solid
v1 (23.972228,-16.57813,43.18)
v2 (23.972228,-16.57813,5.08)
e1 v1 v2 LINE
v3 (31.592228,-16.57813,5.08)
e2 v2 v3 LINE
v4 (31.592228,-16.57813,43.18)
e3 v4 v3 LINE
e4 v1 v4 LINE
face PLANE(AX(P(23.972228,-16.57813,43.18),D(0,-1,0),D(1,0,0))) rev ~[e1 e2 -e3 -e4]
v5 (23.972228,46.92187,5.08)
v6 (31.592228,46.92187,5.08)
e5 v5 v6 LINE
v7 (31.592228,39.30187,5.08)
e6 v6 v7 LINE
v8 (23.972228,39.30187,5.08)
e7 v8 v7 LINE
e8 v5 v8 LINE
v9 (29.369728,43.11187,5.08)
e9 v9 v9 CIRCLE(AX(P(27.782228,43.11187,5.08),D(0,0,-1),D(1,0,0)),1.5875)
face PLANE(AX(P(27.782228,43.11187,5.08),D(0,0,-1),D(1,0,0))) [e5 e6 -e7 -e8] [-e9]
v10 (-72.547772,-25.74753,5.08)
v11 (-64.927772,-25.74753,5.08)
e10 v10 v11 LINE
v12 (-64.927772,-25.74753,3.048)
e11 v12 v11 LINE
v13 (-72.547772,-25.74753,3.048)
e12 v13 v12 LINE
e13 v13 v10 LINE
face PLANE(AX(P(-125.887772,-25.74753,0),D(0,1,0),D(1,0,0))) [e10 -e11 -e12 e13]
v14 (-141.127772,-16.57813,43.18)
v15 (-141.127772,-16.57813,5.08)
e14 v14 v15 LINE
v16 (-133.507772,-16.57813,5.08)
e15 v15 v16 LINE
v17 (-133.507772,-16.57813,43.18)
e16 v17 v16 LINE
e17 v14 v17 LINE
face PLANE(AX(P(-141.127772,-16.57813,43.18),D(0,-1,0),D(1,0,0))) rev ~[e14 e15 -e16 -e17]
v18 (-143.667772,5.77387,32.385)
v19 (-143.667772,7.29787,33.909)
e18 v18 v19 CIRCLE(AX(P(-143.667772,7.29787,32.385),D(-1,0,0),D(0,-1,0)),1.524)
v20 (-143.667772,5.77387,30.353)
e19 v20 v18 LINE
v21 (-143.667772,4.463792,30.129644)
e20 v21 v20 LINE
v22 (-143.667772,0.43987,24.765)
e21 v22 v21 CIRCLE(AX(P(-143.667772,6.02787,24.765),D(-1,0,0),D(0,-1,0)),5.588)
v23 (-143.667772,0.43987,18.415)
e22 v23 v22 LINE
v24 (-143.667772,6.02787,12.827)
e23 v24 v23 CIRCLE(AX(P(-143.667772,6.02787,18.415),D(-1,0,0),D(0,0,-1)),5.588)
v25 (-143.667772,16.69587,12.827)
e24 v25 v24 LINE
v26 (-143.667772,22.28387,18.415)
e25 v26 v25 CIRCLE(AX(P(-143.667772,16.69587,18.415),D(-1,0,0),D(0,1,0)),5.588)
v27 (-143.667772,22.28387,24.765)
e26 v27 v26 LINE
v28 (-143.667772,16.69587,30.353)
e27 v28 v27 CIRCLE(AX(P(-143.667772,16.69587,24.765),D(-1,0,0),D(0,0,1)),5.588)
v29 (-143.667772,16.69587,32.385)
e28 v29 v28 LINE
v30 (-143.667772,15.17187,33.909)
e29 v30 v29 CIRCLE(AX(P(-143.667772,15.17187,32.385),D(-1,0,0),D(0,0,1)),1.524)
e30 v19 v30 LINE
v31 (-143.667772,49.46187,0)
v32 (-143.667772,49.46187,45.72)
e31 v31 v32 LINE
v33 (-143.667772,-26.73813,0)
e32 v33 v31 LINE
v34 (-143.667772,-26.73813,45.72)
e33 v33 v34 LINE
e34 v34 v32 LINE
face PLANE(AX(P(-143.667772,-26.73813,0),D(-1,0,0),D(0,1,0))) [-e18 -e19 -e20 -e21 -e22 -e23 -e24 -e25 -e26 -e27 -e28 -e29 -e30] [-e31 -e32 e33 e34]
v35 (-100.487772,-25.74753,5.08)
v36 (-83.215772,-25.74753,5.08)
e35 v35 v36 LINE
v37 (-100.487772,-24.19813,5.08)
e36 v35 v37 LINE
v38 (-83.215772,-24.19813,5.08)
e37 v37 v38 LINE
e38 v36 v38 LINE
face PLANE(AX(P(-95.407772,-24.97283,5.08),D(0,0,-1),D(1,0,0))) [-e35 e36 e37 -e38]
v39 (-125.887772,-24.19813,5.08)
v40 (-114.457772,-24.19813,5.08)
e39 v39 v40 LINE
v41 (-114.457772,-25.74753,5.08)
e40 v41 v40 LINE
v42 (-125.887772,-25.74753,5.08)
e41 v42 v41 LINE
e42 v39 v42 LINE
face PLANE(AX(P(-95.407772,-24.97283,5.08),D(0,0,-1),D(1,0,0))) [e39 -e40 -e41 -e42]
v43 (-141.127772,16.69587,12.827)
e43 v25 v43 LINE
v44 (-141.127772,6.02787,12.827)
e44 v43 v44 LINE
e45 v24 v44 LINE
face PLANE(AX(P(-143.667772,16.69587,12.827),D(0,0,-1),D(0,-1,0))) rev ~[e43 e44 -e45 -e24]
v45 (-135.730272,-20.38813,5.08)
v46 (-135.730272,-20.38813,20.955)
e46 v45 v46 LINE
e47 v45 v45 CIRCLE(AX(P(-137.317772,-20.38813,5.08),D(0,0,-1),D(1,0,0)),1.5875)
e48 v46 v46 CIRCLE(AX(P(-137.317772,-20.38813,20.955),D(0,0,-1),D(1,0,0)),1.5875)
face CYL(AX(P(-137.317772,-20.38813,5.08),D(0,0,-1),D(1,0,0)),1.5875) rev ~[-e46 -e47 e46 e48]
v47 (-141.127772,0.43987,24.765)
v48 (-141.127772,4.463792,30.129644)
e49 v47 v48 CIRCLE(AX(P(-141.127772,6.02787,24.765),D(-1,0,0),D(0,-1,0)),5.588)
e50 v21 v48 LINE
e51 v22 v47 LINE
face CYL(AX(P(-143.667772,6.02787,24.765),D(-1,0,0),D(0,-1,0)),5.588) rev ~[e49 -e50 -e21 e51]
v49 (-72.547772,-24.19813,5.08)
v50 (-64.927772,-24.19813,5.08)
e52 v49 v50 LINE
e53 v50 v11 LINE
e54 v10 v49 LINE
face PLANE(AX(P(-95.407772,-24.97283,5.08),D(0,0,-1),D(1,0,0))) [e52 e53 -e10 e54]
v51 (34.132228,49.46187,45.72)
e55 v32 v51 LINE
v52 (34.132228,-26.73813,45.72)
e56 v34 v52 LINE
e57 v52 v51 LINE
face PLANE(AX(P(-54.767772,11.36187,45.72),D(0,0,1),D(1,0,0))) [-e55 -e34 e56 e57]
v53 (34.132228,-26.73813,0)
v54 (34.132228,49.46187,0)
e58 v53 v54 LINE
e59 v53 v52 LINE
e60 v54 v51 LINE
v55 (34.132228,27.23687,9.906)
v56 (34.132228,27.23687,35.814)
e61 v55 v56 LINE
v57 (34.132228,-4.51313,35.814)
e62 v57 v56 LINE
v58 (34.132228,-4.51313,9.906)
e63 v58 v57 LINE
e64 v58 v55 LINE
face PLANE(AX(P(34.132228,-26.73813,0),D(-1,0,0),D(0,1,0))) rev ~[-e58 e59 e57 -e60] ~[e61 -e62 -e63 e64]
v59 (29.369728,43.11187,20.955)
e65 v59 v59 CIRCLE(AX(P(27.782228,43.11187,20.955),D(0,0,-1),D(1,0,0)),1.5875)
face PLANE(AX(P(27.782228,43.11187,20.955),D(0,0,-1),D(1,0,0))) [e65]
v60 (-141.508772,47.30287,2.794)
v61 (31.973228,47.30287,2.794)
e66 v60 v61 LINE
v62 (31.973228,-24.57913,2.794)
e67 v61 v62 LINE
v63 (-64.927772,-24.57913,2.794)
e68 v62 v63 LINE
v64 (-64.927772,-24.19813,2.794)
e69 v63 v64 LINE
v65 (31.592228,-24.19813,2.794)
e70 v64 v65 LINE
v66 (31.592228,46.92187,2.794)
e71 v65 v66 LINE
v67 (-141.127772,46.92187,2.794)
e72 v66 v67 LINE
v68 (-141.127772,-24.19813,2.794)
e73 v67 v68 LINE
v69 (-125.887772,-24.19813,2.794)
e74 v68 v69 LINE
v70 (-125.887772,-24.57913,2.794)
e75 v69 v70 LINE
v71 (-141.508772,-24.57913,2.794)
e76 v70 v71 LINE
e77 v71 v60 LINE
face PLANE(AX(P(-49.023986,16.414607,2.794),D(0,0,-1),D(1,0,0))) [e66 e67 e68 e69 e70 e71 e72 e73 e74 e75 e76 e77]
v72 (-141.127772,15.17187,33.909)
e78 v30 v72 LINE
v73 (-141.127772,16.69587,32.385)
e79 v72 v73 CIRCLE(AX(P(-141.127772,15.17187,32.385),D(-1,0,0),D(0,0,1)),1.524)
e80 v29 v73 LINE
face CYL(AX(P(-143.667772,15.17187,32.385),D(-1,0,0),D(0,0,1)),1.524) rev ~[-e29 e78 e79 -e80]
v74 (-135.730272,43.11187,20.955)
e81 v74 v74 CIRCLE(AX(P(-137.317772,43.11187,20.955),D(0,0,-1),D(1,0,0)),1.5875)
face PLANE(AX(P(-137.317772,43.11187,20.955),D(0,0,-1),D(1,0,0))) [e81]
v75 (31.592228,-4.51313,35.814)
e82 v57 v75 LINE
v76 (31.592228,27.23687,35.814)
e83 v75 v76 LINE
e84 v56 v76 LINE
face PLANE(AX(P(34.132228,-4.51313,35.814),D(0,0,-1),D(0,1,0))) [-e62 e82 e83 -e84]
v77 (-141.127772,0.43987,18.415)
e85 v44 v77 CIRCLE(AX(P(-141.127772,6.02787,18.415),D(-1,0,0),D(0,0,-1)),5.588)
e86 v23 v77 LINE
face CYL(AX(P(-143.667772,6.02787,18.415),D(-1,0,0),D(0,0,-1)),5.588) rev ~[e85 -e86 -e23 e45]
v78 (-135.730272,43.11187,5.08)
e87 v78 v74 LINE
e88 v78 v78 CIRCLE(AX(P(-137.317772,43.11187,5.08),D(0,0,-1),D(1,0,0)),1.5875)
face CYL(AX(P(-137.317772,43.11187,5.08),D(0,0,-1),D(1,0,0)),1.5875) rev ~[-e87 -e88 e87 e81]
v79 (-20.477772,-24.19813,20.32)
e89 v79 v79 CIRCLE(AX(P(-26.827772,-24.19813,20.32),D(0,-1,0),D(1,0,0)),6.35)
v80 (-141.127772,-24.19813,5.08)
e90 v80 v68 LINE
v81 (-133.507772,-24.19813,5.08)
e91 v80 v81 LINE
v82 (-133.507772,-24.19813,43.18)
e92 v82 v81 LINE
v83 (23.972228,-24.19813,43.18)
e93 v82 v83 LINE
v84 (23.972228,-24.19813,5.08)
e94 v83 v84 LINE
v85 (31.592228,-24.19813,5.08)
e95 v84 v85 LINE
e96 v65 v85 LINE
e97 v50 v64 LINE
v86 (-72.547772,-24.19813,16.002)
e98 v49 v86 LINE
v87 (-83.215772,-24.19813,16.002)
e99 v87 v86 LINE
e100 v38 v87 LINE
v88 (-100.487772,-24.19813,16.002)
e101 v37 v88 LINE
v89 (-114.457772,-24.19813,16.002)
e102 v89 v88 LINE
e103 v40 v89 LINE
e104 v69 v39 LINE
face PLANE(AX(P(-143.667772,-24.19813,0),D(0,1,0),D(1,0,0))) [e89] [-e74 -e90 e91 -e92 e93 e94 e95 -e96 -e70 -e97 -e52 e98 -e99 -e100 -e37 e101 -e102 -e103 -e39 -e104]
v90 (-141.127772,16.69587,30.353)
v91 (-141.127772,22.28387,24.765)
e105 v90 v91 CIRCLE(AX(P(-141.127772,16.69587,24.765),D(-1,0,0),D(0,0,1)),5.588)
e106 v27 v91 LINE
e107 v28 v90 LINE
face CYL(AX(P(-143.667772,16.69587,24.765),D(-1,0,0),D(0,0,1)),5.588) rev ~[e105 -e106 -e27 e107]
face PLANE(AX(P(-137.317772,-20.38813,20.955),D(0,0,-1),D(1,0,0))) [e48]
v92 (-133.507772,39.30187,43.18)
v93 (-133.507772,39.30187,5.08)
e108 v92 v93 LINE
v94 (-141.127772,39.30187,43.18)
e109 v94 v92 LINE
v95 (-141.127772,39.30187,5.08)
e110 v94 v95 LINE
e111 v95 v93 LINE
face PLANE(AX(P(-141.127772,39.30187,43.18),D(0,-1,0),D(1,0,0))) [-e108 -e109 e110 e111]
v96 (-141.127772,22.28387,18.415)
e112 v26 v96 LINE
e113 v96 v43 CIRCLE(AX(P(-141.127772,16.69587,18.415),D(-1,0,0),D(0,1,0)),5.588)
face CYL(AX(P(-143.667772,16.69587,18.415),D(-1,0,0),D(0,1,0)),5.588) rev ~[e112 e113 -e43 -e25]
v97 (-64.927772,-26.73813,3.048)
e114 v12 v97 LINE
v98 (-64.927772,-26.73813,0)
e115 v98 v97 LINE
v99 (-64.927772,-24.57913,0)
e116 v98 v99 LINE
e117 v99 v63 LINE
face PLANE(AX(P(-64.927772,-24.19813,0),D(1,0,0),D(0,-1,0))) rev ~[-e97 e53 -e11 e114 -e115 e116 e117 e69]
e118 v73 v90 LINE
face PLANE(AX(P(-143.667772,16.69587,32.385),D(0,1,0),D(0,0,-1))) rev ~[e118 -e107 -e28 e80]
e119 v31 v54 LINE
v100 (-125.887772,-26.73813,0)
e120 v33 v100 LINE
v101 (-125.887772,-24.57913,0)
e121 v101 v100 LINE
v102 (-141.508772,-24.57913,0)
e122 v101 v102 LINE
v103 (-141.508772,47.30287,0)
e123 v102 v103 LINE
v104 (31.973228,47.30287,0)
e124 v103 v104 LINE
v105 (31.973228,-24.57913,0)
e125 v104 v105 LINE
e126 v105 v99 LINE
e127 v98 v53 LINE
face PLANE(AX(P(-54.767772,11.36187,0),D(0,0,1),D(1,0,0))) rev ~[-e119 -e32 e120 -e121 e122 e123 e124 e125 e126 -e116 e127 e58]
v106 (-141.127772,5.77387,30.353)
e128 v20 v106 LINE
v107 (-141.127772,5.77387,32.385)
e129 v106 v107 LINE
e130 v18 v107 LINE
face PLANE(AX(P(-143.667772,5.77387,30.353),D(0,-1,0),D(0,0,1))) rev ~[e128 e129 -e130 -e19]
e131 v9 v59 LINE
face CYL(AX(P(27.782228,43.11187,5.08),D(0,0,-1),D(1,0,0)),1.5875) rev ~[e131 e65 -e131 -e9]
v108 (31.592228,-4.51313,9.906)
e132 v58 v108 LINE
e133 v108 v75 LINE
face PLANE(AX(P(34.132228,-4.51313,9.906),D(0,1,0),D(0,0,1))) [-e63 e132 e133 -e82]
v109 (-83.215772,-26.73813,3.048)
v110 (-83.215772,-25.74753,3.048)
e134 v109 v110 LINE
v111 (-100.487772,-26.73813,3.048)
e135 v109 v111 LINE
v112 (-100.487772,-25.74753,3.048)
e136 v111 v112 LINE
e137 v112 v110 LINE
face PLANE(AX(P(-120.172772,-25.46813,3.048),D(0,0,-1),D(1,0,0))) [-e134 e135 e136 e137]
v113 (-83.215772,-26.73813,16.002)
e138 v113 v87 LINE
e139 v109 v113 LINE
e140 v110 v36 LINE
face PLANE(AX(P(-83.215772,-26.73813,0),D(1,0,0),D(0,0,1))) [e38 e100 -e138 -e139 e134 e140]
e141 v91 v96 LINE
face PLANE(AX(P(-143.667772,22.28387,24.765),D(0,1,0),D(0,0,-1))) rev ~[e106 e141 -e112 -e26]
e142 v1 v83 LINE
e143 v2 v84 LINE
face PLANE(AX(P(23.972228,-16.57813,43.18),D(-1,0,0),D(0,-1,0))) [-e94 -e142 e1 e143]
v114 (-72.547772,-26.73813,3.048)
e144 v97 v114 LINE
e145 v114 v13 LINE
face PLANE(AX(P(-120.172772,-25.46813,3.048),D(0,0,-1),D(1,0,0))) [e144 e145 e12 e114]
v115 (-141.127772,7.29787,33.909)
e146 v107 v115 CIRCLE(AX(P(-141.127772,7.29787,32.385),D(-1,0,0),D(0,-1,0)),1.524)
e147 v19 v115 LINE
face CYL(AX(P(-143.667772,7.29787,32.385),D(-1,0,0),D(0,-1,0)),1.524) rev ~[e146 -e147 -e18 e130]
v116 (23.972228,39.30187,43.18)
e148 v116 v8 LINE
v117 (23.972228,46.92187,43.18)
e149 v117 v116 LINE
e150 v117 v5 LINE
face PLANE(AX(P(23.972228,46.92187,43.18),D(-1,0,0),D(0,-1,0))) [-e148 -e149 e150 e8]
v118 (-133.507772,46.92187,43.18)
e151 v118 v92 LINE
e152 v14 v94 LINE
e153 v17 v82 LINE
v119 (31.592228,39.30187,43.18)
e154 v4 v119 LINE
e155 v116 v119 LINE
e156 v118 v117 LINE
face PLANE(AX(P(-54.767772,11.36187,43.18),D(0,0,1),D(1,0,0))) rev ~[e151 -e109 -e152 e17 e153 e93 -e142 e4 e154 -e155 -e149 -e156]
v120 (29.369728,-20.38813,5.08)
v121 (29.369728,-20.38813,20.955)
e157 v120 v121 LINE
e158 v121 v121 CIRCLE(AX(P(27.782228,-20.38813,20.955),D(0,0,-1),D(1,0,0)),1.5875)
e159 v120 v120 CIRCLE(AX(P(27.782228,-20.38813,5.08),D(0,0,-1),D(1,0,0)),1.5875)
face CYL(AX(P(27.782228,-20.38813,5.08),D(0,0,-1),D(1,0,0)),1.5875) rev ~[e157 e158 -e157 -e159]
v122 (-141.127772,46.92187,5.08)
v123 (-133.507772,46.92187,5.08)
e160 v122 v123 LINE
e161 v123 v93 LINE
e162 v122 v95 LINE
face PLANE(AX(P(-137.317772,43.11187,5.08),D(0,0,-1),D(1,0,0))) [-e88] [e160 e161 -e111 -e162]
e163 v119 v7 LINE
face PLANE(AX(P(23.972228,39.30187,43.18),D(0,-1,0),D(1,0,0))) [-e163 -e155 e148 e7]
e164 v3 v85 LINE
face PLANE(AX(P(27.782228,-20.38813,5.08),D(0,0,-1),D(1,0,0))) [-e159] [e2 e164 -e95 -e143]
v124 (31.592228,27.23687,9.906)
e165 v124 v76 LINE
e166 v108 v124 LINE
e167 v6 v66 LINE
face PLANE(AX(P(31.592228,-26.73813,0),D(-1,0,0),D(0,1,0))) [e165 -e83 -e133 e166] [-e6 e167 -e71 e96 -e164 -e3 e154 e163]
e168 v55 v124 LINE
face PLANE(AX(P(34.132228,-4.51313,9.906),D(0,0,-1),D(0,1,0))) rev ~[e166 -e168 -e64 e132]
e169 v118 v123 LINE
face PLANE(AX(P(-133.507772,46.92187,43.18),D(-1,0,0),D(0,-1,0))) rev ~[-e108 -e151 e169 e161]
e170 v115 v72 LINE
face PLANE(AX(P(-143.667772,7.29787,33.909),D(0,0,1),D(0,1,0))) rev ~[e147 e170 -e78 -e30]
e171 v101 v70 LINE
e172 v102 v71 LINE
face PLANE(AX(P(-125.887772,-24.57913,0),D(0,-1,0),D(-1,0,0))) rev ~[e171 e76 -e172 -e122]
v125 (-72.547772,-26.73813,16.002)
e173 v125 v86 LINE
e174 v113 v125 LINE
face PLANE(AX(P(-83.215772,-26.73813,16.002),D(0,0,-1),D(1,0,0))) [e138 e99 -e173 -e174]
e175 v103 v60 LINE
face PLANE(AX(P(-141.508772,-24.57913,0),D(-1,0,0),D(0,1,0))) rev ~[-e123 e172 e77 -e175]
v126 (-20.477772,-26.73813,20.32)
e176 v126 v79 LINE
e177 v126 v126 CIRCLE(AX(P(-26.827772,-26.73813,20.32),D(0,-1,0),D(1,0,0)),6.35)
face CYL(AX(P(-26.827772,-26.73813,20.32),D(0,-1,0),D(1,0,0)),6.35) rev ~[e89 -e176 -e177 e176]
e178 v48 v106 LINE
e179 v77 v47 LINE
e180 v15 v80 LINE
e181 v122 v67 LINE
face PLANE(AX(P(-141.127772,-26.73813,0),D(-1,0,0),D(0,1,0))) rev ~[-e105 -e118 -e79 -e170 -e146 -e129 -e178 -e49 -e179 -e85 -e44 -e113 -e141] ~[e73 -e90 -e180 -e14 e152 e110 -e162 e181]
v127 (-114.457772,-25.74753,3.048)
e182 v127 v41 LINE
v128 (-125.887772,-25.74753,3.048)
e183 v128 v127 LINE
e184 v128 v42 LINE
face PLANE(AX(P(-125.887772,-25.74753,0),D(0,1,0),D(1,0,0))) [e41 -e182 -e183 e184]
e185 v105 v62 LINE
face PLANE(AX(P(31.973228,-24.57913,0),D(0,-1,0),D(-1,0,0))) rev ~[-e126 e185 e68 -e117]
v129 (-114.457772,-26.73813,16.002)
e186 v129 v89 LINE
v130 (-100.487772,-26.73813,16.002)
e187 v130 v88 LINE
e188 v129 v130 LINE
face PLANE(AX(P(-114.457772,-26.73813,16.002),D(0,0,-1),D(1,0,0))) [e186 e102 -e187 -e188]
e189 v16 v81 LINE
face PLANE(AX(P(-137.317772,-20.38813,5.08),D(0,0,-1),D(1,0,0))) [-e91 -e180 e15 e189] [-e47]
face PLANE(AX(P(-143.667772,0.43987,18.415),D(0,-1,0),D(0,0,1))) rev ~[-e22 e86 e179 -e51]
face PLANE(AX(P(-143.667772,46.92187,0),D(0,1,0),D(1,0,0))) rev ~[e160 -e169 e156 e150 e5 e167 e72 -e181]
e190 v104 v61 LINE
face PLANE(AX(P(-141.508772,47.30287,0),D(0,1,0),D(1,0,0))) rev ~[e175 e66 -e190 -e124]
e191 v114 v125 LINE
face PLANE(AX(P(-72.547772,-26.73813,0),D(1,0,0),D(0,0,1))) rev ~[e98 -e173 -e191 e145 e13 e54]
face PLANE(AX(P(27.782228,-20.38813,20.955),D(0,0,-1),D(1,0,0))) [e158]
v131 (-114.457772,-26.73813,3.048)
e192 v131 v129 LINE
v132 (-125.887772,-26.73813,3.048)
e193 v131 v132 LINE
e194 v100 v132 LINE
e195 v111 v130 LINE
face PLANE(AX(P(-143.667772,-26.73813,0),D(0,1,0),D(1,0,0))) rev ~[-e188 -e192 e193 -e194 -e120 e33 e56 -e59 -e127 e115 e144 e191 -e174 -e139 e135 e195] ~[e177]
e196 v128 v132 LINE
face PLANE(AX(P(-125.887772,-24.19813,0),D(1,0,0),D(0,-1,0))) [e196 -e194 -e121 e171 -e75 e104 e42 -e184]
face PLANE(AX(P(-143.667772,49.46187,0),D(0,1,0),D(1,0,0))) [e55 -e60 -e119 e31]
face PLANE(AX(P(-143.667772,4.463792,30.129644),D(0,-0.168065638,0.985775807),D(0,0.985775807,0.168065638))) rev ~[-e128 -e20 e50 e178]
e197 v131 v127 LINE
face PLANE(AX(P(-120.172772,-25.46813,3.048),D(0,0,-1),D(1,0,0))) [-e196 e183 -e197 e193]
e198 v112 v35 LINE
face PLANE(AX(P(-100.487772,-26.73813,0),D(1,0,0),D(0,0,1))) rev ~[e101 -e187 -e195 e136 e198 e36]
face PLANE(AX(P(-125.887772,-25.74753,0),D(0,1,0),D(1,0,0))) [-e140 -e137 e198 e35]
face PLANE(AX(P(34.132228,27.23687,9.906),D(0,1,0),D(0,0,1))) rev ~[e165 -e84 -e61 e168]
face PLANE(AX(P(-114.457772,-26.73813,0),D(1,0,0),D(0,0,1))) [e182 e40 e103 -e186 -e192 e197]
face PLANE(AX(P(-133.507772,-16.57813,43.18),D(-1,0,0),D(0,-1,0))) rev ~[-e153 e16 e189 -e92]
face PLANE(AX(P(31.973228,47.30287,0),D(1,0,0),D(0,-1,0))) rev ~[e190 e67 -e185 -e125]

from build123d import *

# Parameters (mm, degrees)
F0_W      = 177.8
F0_H      = 76.2
F1_DEPTH  = 45.72
F2_T      = -2.54
F3_W      = 13.97
F3_H      = 16.002
F3_W_2    = 10.668
F4_DEPTH  = 2.54
F5_W      = 11.43
F5_H      = 2.54
F5_W_2    = 41.91
F5_W_3    = 7.62
F6_DEPTH  = 3.048
F8_DEPTH  = 2.54
F9_W      = 31.75
F9_H      = 25.908
F10_DEPTH = 2.54
F11_W     = 60.96
F11_H     = 1.5494
F12_DEPTH = 5.08
F13_W     = 7.62
F13_H     = 7.62
F14_DEPTH = 38.1
F15_R     = 1.5875
F16_DEPTH = 15.875
F17_R     = 6.35
F18_DEPTH = 2.54
F20_DEPTH = 2.794


with BuildPart() as f1:
    # F0 (on Top) → F1 (new body)
    with BuildSketch(Plane.XY):
        with Locations((-54.7677724445, 11.3618699834)):
            Rectangle(F0_W, F0_H)
    extrude(amount=F1_DEPTH)

    # F2
    f2_openings = [f1.faces().sort_by_distance(p)[0] for p in [
        (-54.767772, 11.36187, 0),
    ]]
    offset(amount=F2_T, openings=f2_openings)

    # F3 (on face) → F4 (cut)
    with BuildSketch(Plane.XZ.offset(26.7381300166)):
        with Locations((-107.4727724445, 8.001)):
            Rectangle(F3_W, F3_H)
        with Locations((-77.8817724445, 8.001)):
            Rectangle(F3_W_2, F3_H)
    extrude(amount=-F4_DEPTH, mode=Mode.SUBTRACT)

    # F5 (on face) → F6 (cut)
    with BuildSketch(Plane(origin=(0, 0, 0), x_dir=(1, 0, 0), z_dir=(0, 0, -1))):
        with Locations((-120.1727724445, 25.4681300166)):
            Rectangle(F5_W, F5_H)
        with Locations((-93.5027724445, 25.4681300166)):
            Rectangle(F5_W_2, F5_H)
        with Locations((-68.7377724445, 25.4681300166)):
            Rectangle(F5_W_3, F5_H)
    extrude(amount=-F6_DEPTH, mode=Mode.SUBTRACT)

    # F7 (on face) → F8 (cut)
    with BuildSketch(Plane(origin=(-143.6677724445, 0, 0), x_dir=(0, -1, 0), z_dir=(-1, 0, 0))):
        with BuildLine():
            Line((-16.6958699834, 32.385), (-16.6958699834, 30.353))
            Line((-16.6958699834, 30.353), (-6.0378982208, 30.353))
            Line((-6.0378982208, 30.353), (-5.7738699834, 30.353))
            Line((-5.7738699834, 30.353), (-5.7738699834, 32.385))
            ThreePointArc((-5.7738699834, 32.385), (-6.2202392488, 33.4626307345), (-7.2978699834, 33.909))
            Line((-7.2978699834, 33.909), (-15.1718699834, 33.909))
            ThreePointArc((-15.1718699834, 33.909), (-16.2495007179, 33.4626307345), (-16.6958699834, 32.385))
        make_face()
        with BuildLine():
            Line((-6.0378982208, 30.353), (-16.6958699834, 30.353))
            ThreePointArc((-16.6958699834, 30.353), (-20.6471826766, 28.7163126933), (-22.2838699834, 24.765))
            Line((-22.2838699834, 24.765), (-22.2838699834, 18.415))
            ThreePointArc((-22.2838699834, 18.415), (-20.6471826766, 14.4636873067), (-16.6958699834, 12.827))
            Line((-16.6958699834, 12.827), (-6.0278699834, 12.827))
            ThreePointArc((-6.0278699834, 12.827), (-2.0765572901, 14.4636873067), (-0.4398699834, 18.415))
            Line((-0.4398699834, 18.415), (-0.4398699834, 24.765))
            ThreePointArc((-0.4398699834, 24.765), (-1.5576455077, 28.1180340196), (-4.4637916501, 30.1296437876))
            Line((-4.4637916501, 30.1296437876), (-5.7738699834, 30.353))
            Line((-5.7738699834, 30.353), (-6.0378982208, 30.353))
        make_face()
    extrude(amount=-F8_DEPTH, mode=Mode.SUBTRACT)

    # F9 (on face) → F10 (cut)
    with BuildSketch(Plane.YZ.offset(34.1322275555)):
        with Locations((11.3618699834, 22.86)):
            Rectangle(F9_W, F9_H)
    extrude(amount=-F10_DEPTH, mode=Mode.SUBTRACT)

    # F11 (on face) → F12 (cut)
    with BuildSketch(Plane(origin=(0, 0, 0), x_dir=(1, 0, 0), z_dir=(0, 0, -1))):
        with Locations((-95.4077724445, 24.9728300166)):
            Rectangle(F11_W, F11_H)
    extrude(amount=-F12_DEPTH, mode=Mode.SUBTRACT)

    # F13 (on face) → F14 (join)
    with BuildSketch(Plane(origin=(0, 0, 43.18), x_dir=(1, 0, 0), z_dir=(0, 0, -1))):
        with Locations((27.7822275555, 20.3881300166)):
            Rectangle(F13_W, F13_H)
        with Locations((27.7822275555, -43.1118699834)):
            Rectangle(F13_W, F13_H)
        with Locations((-137.3177724445, 20.3881300166)):
            Rectangle(F13_W, F13_H)
        with Locations((-137.3177724445, -43.1118699834)):
            Rectangle(F13_W, F13_H)
    extrude(amount=F14_DEPTH)

    # F15 (on face) → F16 (cut)
    with BuildSketch(Plane(origin=(0, 0, 5.08), x_dir=(1, 0, 0), z_dir=(0, 0, -1))):
        with Locations((-137.3177724445, 20.3881300166)):
            Circle(F15_R)
        with Locations((-137.3177724445, -43.1118699834)):
            Circle(F15_R)
        with Locations((27.7822275555, 20.3881300166)):
            Circle(F15_R)
        with Locations((27.7822275555, -43.1118699834)):
            Circle(F15_R)
    extrude(amount=-F16_DEPTH, mode=Mode.SUBTRACT)

    # F17 (on face) → F18 (cut)
    with BuildSketch(Plane.XZ.offset(26.7381300166)):
        with Locations((-26.8277724445, 20.32)):
            Circle(F17_R)
    extrude(amount=-F18_DEPTH, mode=Mode.SUBTRACT)

    # F19 (on face) → F20 (cut)
    with BuildSketch(Plane(origin=(0, 0, 0), x_dir=(1, 0, 0), z_dir=(0, 0, -1))):
        Polygon((-125.8877724445, 24.5791300166), (-141.5087724445, 24.5791300166), (-141.5087724445, -47.3028699834), (31.9732275555, -47.3028699834), (31.9732275555, 24.5791300166), (-64.9277724445, 24.5791300166), (-64.9277724445, 24.1981300166), (31.5922275555, 24.1981300166), (31.5922275555, -46.9218699834), (-141.1277724445, -46.9218699834), (-141.1277724445, 24.1981300166), (-125.8877724445, 24.1981300166), align=None)
    extrude(amount=-F20_DEPTH, mode=Mode.SUBTRACT)


solid = f1.part
